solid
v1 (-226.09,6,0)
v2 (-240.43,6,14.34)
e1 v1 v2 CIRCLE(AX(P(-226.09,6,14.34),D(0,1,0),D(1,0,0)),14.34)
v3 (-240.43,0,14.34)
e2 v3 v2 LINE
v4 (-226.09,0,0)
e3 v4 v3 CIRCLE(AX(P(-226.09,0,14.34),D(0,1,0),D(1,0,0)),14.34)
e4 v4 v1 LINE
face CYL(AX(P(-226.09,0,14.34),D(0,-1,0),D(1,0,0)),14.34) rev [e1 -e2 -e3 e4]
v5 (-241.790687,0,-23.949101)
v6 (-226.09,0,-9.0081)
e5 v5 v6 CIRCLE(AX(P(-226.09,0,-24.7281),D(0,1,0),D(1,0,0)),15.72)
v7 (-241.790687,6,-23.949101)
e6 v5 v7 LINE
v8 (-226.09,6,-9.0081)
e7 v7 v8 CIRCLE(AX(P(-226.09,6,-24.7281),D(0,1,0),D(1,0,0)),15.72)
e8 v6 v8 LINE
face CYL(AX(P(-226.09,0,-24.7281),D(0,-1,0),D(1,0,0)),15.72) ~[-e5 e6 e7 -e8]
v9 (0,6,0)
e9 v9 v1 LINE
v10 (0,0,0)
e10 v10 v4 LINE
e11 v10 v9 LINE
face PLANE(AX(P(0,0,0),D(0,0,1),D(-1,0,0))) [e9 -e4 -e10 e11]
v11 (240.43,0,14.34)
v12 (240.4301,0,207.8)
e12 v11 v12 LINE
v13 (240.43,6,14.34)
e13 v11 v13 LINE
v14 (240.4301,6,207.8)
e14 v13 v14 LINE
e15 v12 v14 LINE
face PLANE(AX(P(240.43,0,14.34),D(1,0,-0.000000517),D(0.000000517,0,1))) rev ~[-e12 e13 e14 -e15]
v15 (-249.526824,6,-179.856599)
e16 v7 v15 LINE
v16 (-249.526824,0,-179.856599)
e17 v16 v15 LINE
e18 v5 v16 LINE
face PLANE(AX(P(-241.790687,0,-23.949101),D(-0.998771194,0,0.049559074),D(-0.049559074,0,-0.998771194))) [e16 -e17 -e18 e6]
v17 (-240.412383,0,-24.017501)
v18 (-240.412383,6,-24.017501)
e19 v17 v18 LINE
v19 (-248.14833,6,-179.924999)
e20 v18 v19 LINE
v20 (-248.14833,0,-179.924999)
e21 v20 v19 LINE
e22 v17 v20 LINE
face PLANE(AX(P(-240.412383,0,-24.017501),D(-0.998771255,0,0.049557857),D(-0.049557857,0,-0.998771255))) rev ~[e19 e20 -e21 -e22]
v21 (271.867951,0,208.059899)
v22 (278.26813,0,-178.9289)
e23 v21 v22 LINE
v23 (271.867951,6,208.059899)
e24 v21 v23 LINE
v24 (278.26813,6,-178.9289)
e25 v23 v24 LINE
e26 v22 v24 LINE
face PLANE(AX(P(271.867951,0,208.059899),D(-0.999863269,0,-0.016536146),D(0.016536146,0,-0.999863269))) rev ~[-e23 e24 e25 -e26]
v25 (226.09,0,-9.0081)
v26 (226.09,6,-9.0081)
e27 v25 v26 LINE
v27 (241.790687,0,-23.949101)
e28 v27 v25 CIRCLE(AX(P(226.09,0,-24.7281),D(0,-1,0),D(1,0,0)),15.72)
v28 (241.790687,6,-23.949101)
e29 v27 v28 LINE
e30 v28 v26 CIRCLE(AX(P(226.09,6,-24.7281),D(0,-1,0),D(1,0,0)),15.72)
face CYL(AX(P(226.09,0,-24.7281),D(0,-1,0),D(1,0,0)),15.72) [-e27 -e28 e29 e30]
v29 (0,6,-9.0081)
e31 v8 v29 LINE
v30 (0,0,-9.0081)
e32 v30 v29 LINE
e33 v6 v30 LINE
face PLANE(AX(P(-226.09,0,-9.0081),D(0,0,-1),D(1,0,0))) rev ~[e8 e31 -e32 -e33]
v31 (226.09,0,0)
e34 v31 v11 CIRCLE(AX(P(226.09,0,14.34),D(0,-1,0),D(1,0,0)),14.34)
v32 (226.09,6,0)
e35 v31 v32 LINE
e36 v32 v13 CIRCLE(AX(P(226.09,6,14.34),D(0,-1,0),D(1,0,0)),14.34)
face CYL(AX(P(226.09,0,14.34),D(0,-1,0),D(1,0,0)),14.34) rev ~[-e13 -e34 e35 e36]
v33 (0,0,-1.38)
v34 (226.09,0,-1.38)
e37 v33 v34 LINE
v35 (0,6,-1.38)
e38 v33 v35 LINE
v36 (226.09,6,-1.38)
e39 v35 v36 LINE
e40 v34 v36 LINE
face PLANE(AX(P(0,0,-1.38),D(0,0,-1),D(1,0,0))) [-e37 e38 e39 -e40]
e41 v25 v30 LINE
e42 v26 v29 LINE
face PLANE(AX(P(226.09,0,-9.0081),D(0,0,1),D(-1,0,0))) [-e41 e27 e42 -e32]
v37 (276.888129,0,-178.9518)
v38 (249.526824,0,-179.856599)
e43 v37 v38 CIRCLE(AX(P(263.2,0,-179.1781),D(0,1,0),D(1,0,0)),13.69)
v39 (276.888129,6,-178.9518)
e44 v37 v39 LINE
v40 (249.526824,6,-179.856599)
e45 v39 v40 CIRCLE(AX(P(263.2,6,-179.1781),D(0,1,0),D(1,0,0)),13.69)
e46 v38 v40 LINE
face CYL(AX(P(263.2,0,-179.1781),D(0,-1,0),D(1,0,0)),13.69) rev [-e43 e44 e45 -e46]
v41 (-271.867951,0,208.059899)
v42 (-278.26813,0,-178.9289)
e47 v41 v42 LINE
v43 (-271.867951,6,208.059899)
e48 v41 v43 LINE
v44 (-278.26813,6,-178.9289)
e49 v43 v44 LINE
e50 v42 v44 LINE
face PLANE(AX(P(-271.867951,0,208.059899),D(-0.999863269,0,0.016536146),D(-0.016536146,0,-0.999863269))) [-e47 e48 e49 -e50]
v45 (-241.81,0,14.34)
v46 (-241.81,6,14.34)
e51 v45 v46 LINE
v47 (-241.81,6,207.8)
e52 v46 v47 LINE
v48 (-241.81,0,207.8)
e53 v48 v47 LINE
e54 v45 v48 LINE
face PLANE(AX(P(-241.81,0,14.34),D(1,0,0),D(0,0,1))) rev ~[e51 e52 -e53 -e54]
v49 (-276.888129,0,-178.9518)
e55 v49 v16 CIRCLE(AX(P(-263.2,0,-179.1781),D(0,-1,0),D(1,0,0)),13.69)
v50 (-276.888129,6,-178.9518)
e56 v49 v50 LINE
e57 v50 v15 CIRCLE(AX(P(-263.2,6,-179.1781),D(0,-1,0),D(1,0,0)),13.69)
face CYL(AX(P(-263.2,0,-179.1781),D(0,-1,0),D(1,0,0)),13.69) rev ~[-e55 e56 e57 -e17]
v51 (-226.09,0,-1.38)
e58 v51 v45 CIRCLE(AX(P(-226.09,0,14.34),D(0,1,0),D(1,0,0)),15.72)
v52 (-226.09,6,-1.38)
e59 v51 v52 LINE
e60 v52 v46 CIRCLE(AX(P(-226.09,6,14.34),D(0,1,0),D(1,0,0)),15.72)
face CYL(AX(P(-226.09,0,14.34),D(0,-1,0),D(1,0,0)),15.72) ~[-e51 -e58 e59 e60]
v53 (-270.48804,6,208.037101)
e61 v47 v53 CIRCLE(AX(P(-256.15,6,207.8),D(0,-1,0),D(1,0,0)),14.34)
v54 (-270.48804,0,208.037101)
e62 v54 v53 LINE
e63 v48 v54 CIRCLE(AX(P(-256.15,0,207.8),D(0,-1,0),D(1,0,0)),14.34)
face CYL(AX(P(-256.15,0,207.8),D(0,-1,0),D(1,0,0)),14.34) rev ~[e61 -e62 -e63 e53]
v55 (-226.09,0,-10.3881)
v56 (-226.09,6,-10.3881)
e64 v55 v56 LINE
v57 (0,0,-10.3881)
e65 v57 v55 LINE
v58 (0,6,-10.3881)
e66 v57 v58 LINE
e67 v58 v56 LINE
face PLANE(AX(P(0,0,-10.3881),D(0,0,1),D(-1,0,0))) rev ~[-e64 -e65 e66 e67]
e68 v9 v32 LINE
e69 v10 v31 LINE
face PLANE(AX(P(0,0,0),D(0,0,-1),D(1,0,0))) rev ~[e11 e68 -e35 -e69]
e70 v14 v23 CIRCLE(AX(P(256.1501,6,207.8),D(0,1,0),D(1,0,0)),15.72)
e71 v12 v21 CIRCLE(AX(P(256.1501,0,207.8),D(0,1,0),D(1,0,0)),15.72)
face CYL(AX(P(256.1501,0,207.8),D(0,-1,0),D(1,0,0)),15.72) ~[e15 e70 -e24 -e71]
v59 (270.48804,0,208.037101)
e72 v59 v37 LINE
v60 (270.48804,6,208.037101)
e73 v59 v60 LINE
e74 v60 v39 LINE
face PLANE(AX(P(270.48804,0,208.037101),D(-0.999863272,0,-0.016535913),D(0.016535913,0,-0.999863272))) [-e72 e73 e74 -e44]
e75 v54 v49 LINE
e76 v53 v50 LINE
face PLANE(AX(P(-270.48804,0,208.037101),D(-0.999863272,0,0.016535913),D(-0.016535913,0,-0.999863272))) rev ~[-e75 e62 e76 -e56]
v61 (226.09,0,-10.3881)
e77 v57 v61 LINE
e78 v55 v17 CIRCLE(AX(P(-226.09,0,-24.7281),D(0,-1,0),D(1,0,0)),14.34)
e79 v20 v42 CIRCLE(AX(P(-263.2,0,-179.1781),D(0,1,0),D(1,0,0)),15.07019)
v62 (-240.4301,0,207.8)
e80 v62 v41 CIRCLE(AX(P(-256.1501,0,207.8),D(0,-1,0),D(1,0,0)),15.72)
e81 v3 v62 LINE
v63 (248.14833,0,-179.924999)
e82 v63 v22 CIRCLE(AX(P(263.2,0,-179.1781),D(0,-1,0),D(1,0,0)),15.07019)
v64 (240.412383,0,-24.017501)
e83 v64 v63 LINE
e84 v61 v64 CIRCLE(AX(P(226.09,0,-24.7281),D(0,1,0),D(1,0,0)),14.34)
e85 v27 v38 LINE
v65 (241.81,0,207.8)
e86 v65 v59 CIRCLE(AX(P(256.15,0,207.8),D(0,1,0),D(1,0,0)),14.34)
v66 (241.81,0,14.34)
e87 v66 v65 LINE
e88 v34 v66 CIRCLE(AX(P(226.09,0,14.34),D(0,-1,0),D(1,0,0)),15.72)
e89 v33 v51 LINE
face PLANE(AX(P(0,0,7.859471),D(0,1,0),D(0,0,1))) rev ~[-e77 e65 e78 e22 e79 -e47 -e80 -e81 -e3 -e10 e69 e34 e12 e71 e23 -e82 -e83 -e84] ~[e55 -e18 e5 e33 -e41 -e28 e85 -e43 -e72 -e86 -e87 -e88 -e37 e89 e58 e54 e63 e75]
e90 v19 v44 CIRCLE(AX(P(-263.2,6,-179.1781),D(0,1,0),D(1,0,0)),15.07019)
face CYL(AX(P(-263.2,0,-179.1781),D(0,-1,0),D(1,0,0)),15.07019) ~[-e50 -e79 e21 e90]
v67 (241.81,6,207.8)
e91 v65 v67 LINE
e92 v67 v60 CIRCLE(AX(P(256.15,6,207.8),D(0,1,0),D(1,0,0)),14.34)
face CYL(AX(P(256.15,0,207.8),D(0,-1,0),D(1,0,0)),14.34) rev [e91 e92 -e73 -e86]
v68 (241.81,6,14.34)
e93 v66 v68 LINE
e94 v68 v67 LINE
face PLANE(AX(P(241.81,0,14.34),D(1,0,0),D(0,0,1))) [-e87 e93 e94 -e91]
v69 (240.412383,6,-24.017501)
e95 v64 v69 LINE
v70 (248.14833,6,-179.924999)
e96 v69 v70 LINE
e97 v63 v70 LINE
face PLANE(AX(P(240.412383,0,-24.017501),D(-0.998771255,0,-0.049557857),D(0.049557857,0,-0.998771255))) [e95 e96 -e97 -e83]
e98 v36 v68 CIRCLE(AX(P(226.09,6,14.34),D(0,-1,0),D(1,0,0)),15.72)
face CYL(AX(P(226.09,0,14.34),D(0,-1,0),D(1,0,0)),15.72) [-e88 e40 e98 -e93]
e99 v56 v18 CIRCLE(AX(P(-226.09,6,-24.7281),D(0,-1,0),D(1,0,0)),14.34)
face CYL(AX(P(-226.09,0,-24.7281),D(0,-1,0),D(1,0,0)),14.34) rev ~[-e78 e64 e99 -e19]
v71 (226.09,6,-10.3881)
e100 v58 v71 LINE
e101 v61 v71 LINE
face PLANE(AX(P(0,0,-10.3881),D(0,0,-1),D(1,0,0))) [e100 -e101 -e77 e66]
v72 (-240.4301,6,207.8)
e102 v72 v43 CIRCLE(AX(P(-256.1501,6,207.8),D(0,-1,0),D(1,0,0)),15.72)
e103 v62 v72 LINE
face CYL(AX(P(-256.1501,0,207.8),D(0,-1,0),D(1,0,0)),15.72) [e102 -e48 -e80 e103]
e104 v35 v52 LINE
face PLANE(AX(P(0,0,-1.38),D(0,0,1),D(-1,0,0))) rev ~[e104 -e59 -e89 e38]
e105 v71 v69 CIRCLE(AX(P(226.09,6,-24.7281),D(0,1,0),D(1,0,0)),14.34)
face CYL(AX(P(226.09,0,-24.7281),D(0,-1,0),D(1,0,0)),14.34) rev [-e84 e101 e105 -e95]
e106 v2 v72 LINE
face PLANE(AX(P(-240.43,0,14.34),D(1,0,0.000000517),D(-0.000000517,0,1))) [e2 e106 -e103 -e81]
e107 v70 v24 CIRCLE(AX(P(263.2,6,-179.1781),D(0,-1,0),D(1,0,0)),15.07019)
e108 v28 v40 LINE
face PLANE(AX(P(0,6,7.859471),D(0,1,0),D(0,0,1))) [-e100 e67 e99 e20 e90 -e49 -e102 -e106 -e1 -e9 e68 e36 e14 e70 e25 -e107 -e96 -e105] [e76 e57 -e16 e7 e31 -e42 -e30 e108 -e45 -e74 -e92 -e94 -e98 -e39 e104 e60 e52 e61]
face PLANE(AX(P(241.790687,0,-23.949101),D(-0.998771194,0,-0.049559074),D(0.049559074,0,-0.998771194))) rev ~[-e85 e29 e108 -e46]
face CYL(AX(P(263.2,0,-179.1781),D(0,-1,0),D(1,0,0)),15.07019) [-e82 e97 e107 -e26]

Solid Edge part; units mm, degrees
sketch "Sketch1" plane through (0, 0, 0) normal (0, -1, 0) x (1, 0, 0)
  line L0 (241.81, 14.34) -> (241.81, 207.8)
  arc A0 (241.81, 207.8) -> (270.488, 208.0371) centre (256.15, 207.8) cw
  line L1 (270.488, 208.0371) -> (276.8881, -178.9518)
  arc A1 (276.8881, -178.9518) -> (249.5268, -179.8566) centre (263.2, -179.1781) cw
  line L2 (241.7907, -23.9491) -> (249.5268, -179.8566)
  arc A2 (241.7907, -23.9491) -> (226.09, -9.0081) centre (226.09, -24.7281) ccw
  line L3 (226.09, -9.0081) -> (0, -9.0081)
  line L4 (-226.09, -9.0081) -> (0, -9.0081)
  arc A3 (-241.7907, -23.9491) -> (-226.09, -9.0081) centre (-226.09, -24.7281) cw
  line L5 (-241.7907, -23.9491) -> (-249.5268, -179.8566)
  arc A4 (-276.8881, -178.9518) -> (-249.5268, -179.8566) centre (-263.2, -179.1781) ccw
  line L6 (-270.488, 208.0371) -> (-276.8881, -178.9518)
  arc A5 (-241.81, 207.8) -> (-270.488, 208.0371) centre (-256.15, 207.8) ccw
  line L7 (-241.81, 14.34) -> (-241.81, 207.8)
  arc A6 (-226.09, -1.38) -> (-241.81, 14.34) centre (-226.09, 14.34) cw
  line L8 (0, -1.38) -> (-226.09, -1.38)
  line L9 (0, -1.38) -> (226.09, -1.38)
  arc A7 (226.09, -1.38) -> (241.81, 14.34) centre (226.09, 14.34) ccw
  line L10 (240.43, 14.34) -> (240.43, 207.8)
  arc A8 (240.43, 207.8) -> (271.868, 208.0599) centre (256.1501, 207.8) cw
  line L11 (271.868, 208.0599) -> (278.2681, -178.9289)
  arc A9 (248.1483, -179.925) -> (278.2681, -178.9289) centre (263.2, -179.1781) ccw
  line L12 (240.4124, -24.0175) -> (248.1483, -179.925)
  arc A10 (226.09, -10.3881) -> (240.4124, -24.0175) centre (226.09, -24.7281) cw
  line L13 (0, -10.3881) -> (226.09, -10.3881)
  line L14 (0, -10.3881) -> (-226.09, -10.3881)
  arc A11 (-226.09, -10.3881) -> (-240.4124, -24.0175) centre (-226.09, -24.7281) ccw
  line L15 (-240.4124, -24.0175) -> (-248.1483, -179.925)
  arc A12 (-248.1483, -179.925) -> (-278.2681, -178.9289) centre (-263.2, -179.1781) cw
  line L16 (-271.868, 208.0599) -> (-278.2681, -178.9289)
  arc A13 (-240.43, 207.8) -> (-271.868, 208.0599) centre (-256.1501, 207.8) ccw
  line L17 (-240.43, 14.34) -> (-240.43, 207.8)
  arc A14 (-226.09, 0) -> (-240.43, 14.34) centre (-226.09, 14.34) cw
  line L18 (0, 0) -> (-226.09, 0)
  line L19 (0, 0) -> (226.09, 0)
  arc A15 (226.09, 0) -> (240.43, 14.34) centre (226.09, 14.34) ccw
  dimension "D1" = 494.7246
  dimension "D2" = 1.38
  dimension "D3" = 1.38
  dimension "D4" = 226.09
  dimension "D5" = 28.68
  dimension "D6" = 1.38
  dimension "D7" = 28.68
  dimension "D8" = 27.38
  dimension "D9" = 1.38
  dimension "D10" = 28.68
  dimension "D11" = 28.68
  dimension "D12" = 226.09
  dimension "D13" = 37.11
  dimension "D14" = 193.46
  dimension "D15" = 154.45
extrude "Protrusion1" add sketch "Sketch1" against normal blind 6
